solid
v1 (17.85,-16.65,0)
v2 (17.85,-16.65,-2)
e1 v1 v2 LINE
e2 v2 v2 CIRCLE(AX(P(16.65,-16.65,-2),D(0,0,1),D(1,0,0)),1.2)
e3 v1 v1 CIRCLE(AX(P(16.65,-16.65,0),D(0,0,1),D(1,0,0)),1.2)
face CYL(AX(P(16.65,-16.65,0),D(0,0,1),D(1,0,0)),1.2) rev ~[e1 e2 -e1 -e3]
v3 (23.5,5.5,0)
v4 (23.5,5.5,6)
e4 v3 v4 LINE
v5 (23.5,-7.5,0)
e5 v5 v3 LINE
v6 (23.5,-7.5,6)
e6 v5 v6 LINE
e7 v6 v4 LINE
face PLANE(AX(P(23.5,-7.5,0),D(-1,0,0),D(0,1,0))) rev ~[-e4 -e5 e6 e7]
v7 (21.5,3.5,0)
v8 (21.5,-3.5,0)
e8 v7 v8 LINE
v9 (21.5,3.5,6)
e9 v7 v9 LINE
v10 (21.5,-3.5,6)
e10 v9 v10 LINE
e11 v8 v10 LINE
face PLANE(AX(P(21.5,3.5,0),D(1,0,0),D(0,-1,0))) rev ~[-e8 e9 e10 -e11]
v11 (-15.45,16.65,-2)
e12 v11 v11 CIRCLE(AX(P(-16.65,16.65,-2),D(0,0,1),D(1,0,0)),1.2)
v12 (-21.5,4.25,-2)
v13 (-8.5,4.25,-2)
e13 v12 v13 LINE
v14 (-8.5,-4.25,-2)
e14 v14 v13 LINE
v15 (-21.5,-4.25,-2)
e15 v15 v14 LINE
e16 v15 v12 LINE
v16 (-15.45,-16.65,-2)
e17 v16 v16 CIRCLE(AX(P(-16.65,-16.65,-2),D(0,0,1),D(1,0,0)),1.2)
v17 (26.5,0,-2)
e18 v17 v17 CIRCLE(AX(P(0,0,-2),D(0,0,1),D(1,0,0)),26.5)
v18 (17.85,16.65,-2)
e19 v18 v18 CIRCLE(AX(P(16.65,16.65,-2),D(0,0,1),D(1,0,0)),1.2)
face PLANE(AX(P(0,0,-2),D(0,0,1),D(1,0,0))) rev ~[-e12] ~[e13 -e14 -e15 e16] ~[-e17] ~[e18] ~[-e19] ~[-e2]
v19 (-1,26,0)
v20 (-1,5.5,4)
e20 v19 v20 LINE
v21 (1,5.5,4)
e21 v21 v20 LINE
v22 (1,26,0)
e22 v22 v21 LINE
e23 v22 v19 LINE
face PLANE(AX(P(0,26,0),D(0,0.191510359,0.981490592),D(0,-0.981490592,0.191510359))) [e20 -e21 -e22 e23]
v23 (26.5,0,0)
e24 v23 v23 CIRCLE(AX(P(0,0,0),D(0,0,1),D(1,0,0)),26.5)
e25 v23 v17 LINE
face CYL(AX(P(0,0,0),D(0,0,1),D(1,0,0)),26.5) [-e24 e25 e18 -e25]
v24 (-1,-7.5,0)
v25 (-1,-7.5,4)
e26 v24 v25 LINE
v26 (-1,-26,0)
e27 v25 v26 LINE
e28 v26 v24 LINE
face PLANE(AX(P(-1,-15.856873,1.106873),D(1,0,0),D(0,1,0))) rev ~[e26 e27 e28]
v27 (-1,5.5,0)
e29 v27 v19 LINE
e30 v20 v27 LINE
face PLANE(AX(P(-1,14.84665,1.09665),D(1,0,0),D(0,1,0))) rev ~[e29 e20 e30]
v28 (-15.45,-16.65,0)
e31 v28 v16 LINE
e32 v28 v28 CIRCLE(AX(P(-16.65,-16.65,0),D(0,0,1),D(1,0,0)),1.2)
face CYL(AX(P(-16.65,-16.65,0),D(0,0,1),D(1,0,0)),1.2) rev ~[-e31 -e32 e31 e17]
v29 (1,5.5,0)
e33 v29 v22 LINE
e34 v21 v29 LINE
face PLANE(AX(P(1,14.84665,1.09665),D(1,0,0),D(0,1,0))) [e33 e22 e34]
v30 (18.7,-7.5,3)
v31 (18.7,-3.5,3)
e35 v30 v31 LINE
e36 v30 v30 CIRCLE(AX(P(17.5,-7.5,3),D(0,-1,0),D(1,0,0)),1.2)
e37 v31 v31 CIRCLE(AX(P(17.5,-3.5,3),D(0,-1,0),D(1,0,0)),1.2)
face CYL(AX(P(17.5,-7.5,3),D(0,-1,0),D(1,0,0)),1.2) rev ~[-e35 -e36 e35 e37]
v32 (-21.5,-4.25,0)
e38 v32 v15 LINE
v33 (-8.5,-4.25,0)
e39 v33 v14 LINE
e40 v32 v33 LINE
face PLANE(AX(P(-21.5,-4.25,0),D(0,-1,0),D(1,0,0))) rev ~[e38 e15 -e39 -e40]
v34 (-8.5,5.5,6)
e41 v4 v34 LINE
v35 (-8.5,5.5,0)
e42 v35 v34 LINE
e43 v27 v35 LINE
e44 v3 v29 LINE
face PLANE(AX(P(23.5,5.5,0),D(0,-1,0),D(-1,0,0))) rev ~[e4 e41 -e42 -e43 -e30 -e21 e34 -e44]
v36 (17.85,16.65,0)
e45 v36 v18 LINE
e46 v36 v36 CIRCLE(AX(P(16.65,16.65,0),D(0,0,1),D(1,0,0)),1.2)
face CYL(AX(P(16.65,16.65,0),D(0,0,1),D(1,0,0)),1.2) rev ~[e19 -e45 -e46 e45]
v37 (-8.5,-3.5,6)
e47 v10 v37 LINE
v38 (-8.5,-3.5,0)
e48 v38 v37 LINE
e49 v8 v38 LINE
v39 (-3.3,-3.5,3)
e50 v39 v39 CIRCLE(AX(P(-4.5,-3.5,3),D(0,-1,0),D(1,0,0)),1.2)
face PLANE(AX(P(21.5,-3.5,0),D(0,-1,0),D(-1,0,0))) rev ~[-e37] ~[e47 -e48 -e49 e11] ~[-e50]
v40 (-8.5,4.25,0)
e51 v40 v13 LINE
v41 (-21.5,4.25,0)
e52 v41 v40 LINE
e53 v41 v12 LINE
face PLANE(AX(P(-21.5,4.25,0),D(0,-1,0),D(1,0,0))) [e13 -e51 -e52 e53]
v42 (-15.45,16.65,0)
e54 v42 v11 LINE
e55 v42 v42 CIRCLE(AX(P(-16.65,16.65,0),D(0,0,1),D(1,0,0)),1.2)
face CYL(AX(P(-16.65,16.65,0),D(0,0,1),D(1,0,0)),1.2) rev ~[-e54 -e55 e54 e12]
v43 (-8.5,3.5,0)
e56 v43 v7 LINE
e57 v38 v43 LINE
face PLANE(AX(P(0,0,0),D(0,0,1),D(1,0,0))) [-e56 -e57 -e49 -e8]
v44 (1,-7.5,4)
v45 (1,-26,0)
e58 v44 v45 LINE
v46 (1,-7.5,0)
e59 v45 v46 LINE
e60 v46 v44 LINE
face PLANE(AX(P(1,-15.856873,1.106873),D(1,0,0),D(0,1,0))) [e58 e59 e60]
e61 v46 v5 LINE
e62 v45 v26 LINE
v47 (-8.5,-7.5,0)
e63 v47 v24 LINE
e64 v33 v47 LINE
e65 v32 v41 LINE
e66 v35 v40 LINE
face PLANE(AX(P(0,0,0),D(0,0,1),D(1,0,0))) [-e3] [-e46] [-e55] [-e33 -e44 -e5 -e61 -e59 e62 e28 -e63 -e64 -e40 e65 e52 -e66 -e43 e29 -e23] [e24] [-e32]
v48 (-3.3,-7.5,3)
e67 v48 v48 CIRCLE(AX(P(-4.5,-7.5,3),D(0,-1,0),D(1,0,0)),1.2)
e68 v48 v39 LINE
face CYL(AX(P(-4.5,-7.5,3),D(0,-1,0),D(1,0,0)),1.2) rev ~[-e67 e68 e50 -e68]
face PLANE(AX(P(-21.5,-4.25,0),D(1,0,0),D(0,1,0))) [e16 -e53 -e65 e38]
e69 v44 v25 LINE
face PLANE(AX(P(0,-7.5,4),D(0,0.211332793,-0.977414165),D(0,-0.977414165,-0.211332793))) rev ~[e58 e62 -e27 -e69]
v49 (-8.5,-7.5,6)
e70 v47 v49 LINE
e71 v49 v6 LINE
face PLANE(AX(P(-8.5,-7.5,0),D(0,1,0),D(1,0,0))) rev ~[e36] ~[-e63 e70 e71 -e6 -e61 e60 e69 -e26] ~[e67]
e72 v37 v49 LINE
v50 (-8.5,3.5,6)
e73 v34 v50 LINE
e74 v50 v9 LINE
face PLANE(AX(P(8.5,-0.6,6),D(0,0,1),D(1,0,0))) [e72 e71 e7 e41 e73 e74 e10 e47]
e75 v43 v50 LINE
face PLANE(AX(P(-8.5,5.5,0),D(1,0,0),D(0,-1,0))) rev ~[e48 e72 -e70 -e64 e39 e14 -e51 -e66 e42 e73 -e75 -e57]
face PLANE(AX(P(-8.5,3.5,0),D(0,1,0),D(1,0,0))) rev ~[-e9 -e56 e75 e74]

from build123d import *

# Parameters (mm, degrees)
F0_R     = 26.5
F0_R_2   = 1.2
F0_W     = 13
F0_H     = 8.5
F1_DEPTH = 2
F3_DEPTH = 6
F5_DEPTH = 1
F6_R     = 1.2
F7_DEPTH = 4


with BuildPart() as f1:
    # F0 (on Top) → F1 (new body)
    with BuildSketch(Plane.XY):
        Circle(F0_R)
        with Locations((-16.65, -16.65)):
            Circle(F0_R_2, mode=Mode.SUBTRACT)
        with Locations((16.65, -16.65)):
            Circle(F0_R_2, mode=Mode.SUBTRACT)
        with Locations((-15, 0)):
            Rectangle(F0_W, F0_H, mode=Mode.SUBTRACT)
        with Locations((-16.65, 16.65)):
            Circle(F0_R_2, mode=Mode.SUBTRACT)
        with Locations((16.65, 16.65)):
            Circle(F0_R_2, mode=Mode.SUBTRACT)
    extrude(amount=-F1_DEPTH)

    # F2 (on face) → F3 (join)
    with BuildSketch(Plane.XY):
        Polygon((23.5, 5.5), (-8.5, 5.5), (-8.5, 3.5), (21.5, 3.5), (21.5, -3.5), (-8.5, -3.5), (-8.5, -7.5), (23.5, -7.5), align=None)
    extrude(amount=F3_DEPTH)

    # F4 (on Right) → F5 (join, symmetric)
    with BuildSketch(Plane.YZ):
        Polygon((-26, 0), (-7.5, 0), (-7.5, 4), align=None)
        Polygon((5.5, 4), (5.5, 0), (26, 0), align=None)
    extrude(amount=F5_DEPTH, both=True)

    # F6 (on face) → F7 (cut, through all)
    with BuildSketch(Plane.XZ.offset(7.5)):
        with Locations((-4.5, 3)):
            Circle(F6_R)
        with Locations((17.5, 3)):
            Circle(F6_R)
    extrude(amount=-F7_DEPTH, mode=Mode.SUBTRACT)


solid = f1.part
